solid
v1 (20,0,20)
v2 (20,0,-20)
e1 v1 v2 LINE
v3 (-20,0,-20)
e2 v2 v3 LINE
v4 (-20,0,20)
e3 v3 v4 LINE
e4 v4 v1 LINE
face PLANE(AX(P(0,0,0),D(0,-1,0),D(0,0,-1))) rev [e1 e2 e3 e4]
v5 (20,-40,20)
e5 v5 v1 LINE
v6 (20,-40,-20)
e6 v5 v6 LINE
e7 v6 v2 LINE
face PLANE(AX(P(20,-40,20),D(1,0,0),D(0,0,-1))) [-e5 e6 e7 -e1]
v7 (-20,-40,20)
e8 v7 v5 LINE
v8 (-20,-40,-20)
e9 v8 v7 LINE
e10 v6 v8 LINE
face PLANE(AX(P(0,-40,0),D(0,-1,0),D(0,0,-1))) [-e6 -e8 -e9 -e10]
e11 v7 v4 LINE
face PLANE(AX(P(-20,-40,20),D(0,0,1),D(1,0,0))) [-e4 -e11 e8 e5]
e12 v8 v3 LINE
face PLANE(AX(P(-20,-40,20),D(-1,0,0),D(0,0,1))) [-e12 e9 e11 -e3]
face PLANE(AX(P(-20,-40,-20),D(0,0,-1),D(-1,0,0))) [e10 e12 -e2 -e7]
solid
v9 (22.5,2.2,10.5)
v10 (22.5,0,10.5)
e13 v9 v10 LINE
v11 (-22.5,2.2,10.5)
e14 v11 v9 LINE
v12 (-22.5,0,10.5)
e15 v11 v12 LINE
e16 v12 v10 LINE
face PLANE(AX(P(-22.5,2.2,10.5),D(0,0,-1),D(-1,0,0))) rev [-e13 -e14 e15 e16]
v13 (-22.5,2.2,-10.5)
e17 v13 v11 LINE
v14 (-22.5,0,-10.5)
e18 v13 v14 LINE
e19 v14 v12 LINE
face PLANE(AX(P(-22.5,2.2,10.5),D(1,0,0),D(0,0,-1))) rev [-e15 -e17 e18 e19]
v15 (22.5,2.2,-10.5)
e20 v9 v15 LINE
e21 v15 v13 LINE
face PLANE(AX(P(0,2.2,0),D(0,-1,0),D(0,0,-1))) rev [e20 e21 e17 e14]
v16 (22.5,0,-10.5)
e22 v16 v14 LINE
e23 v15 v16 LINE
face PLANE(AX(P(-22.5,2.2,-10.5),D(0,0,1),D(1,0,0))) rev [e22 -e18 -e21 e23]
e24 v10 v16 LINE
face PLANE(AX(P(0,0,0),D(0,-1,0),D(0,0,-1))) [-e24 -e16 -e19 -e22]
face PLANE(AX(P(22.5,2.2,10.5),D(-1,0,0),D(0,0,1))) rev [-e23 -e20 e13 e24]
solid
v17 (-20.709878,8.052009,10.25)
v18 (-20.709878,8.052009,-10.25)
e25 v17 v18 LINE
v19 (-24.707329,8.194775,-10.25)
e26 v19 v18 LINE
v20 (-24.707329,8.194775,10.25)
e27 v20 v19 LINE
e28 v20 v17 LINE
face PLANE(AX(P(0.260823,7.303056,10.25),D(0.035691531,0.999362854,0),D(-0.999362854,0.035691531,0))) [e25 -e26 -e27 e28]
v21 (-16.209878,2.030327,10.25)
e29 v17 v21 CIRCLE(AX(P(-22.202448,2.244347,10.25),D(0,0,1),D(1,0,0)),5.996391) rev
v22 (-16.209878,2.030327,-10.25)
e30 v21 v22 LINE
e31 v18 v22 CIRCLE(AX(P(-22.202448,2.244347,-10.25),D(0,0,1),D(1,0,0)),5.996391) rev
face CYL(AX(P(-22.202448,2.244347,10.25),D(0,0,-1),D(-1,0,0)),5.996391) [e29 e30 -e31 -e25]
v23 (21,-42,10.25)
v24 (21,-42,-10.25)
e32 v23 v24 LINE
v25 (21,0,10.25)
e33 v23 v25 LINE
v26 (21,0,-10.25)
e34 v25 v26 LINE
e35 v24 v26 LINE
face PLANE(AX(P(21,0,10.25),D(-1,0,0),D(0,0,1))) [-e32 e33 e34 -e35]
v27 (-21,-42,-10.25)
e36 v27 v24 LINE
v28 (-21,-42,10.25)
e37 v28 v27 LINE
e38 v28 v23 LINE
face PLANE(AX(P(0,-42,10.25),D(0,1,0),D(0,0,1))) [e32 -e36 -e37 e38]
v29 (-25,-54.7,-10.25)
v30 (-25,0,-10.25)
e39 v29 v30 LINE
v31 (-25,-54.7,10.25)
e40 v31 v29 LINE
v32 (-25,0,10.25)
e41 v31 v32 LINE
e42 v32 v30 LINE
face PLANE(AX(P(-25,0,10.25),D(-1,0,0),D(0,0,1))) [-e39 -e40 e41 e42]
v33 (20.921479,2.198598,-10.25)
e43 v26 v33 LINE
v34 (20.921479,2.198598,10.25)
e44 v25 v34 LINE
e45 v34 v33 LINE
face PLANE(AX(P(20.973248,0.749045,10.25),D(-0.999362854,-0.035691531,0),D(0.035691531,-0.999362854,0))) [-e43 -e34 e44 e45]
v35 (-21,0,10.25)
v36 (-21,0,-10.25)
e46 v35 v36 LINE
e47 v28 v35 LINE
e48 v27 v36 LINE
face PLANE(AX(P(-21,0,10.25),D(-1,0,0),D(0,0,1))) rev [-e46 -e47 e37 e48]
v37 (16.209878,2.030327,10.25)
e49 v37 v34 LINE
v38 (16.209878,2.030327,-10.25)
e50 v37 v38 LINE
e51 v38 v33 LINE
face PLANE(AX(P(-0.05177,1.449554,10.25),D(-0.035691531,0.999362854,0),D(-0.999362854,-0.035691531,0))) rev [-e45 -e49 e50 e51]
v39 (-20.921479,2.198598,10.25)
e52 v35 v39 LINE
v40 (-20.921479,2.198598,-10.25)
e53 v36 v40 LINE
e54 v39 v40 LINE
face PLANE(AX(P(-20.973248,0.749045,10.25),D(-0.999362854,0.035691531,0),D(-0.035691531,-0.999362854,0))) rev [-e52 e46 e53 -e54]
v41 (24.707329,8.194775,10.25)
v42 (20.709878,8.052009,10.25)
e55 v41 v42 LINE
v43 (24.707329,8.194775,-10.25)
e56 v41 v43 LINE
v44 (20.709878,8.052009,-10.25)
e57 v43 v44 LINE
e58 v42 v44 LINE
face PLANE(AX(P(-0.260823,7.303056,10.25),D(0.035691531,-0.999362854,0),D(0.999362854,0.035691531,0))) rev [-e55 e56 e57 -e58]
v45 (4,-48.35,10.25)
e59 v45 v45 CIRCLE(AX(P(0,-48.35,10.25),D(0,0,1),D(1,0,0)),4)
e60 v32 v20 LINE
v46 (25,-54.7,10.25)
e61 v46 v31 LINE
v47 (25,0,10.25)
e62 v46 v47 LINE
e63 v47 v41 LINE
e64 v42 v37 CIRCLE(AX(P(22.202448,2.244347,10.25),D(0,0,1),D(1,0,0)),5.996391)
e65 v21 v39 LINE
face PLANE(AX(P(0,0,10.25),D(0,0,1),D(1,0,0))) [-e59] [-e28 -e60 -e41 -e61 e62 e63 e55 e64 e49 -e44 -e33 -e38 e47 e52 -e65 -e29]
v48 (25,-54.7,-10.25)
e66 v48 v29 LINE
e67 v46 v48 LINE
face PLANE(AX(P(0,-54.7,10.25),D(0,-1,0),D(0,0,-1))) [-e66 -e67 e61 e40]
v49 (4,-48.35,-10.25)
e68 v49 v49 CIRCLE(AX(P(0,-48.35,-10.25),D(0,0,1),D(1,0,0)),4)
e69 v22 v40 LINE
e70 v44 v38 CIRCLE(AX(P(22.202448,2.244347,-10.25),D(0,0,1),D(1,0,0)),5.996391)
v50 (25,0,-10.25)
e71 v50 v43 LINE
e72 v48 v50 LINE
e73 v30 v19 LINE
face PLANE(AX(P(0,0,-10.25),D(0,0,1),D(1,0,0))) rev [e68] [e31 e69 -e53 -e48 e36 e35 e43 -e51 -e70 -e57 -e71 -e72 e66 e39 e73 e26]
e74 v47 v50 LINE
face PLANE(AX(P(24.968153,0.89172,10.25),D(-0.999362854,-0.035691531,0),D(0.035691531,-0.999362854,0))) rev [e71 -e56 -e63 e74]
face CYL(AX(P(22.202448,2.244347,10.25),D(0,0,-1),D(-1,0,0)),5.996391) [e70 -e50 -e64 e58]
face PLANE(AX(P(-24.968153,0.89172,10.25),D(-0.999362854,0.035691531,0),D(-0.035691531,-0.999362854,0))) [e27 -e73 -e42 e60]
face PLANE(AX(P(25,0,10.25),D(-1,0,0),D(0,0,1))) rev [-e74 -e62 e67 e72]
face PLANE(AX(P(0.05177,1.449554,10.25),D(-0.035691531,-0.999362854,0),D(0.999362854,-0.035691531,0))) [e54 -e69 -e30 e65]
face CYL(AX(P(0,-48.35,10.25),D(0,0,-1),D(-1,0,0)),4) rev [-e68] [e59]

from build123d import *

# Parameters (mm, degrees)
SKETCH1_W                            = 45
SKETCH1_H                            = 21
BOSS_EXTRUDE1_DEPTH                  = 2.2
SKETCH2_W                            = 40
SKETCH2_H                            = 40
BOSS_EXTRUDE2_DEPTH                  = 40
SKETCH3_W                            = 42
SKETCH3_H                            = 12.7
SKETCH3_R                            = 4
SNAPFIT_42MM_SPACING_4MM_WIDTH_DEPTH = 10.25


with BuildPart() as part:
    # Sketch1 → Boss-Extrude1 (new body)
    with BuildSketch(Plane(origin=(0, 0, 0), x_dir=(1, 0, 0), z_dir=(0, 1, 0))):
        Rectangle(SKETCH1_W, SKETCH1_H)
    extrude(amount=BOSS_EXTRUDE1_DEPTH)


with BuildPart() as body_2:
    # Sketch2 → Boss-Extrude2 (new body)
    with BuildSketch(Plane(origin=(0, 0, 0), x_dir=(1, 0, 0), z_dir=(0, 1, 0))):
        Rectangle(SKETCH2_W, SKETCH2_H)
    extrude(amount=-BOSS_EXTRUDE2_DEPTH)


with BuildPart() as body_3:
    # Sketch3 → SnapFit-42mm_spacing-4mm_width (new, symmetric)
    # profile 1 of 3: a face of its own
    with BuildSketch(Plane.XY):
        with Locations((0, -48.35)):
            Rectangle(SKETCH3_W, SKETCH3_H)
        with Locations((0, -48.35)):
            Circle(SKETCH3_R, mode=Mode.SUBTRACT)
    # profile 2 of 3: a face of its own
    with BuildSketch(Plane.XY):
        with BuildLine():
            Line((-25, -54.7), (-21, -54.7))
            Line((-21, -54.7), (-21, -42))
            Line((-21, -42), (-21, 0))
            Line((-21, 0), (-20.921478633, 2.19859828))
            Line((-20.921478633, 2.19859828), (-16.209878032, 2.03032683))
            ThreePointArc((-16.209878032, 2.03032683), (-17.399116467, 5.833874593), (-20.709878032, 8.052009284))
            Line((-20.709878032, 8.052009284), (-24.70732945, 8.194775406))
            Line((-24.70732945, 8.194775406), (-25, 0))
            Line((-25, 0), (-25, -54.7))
        make_face()
    # profile 3 of 3: a face of its own
    with BuildSketch(Plane.XY):
        with BuildLine():
            Line((21, -42), (21, -54.7))
            Line((21, -54.7), (25, -54.7))
            Line((25, -54.7), (25, 0))
            Line((25, 0), (24.70732945, 8.194775406))
            Line((24.70732945, 8.194775406), (20.709878032, 8.052009284))
            ThreePointArc((20.709878032, 8.052009284), (17.399116467, 5.833874593), (16.209878032, 2.03032683))
            Line((16.209878032, 2.03032683), (20.921478633, 2.19859828))
            Line((20.921478633, 2.19859828), (21, 0))
            Line((21, 0), (21, -42))
        make_face()
    extrude(amount=SNAPFIT_42MM_SPACING_4MM_WIDTH_DEPTH, both=True)


solid = Compound([part.part, body_2.part, body_3.part])
